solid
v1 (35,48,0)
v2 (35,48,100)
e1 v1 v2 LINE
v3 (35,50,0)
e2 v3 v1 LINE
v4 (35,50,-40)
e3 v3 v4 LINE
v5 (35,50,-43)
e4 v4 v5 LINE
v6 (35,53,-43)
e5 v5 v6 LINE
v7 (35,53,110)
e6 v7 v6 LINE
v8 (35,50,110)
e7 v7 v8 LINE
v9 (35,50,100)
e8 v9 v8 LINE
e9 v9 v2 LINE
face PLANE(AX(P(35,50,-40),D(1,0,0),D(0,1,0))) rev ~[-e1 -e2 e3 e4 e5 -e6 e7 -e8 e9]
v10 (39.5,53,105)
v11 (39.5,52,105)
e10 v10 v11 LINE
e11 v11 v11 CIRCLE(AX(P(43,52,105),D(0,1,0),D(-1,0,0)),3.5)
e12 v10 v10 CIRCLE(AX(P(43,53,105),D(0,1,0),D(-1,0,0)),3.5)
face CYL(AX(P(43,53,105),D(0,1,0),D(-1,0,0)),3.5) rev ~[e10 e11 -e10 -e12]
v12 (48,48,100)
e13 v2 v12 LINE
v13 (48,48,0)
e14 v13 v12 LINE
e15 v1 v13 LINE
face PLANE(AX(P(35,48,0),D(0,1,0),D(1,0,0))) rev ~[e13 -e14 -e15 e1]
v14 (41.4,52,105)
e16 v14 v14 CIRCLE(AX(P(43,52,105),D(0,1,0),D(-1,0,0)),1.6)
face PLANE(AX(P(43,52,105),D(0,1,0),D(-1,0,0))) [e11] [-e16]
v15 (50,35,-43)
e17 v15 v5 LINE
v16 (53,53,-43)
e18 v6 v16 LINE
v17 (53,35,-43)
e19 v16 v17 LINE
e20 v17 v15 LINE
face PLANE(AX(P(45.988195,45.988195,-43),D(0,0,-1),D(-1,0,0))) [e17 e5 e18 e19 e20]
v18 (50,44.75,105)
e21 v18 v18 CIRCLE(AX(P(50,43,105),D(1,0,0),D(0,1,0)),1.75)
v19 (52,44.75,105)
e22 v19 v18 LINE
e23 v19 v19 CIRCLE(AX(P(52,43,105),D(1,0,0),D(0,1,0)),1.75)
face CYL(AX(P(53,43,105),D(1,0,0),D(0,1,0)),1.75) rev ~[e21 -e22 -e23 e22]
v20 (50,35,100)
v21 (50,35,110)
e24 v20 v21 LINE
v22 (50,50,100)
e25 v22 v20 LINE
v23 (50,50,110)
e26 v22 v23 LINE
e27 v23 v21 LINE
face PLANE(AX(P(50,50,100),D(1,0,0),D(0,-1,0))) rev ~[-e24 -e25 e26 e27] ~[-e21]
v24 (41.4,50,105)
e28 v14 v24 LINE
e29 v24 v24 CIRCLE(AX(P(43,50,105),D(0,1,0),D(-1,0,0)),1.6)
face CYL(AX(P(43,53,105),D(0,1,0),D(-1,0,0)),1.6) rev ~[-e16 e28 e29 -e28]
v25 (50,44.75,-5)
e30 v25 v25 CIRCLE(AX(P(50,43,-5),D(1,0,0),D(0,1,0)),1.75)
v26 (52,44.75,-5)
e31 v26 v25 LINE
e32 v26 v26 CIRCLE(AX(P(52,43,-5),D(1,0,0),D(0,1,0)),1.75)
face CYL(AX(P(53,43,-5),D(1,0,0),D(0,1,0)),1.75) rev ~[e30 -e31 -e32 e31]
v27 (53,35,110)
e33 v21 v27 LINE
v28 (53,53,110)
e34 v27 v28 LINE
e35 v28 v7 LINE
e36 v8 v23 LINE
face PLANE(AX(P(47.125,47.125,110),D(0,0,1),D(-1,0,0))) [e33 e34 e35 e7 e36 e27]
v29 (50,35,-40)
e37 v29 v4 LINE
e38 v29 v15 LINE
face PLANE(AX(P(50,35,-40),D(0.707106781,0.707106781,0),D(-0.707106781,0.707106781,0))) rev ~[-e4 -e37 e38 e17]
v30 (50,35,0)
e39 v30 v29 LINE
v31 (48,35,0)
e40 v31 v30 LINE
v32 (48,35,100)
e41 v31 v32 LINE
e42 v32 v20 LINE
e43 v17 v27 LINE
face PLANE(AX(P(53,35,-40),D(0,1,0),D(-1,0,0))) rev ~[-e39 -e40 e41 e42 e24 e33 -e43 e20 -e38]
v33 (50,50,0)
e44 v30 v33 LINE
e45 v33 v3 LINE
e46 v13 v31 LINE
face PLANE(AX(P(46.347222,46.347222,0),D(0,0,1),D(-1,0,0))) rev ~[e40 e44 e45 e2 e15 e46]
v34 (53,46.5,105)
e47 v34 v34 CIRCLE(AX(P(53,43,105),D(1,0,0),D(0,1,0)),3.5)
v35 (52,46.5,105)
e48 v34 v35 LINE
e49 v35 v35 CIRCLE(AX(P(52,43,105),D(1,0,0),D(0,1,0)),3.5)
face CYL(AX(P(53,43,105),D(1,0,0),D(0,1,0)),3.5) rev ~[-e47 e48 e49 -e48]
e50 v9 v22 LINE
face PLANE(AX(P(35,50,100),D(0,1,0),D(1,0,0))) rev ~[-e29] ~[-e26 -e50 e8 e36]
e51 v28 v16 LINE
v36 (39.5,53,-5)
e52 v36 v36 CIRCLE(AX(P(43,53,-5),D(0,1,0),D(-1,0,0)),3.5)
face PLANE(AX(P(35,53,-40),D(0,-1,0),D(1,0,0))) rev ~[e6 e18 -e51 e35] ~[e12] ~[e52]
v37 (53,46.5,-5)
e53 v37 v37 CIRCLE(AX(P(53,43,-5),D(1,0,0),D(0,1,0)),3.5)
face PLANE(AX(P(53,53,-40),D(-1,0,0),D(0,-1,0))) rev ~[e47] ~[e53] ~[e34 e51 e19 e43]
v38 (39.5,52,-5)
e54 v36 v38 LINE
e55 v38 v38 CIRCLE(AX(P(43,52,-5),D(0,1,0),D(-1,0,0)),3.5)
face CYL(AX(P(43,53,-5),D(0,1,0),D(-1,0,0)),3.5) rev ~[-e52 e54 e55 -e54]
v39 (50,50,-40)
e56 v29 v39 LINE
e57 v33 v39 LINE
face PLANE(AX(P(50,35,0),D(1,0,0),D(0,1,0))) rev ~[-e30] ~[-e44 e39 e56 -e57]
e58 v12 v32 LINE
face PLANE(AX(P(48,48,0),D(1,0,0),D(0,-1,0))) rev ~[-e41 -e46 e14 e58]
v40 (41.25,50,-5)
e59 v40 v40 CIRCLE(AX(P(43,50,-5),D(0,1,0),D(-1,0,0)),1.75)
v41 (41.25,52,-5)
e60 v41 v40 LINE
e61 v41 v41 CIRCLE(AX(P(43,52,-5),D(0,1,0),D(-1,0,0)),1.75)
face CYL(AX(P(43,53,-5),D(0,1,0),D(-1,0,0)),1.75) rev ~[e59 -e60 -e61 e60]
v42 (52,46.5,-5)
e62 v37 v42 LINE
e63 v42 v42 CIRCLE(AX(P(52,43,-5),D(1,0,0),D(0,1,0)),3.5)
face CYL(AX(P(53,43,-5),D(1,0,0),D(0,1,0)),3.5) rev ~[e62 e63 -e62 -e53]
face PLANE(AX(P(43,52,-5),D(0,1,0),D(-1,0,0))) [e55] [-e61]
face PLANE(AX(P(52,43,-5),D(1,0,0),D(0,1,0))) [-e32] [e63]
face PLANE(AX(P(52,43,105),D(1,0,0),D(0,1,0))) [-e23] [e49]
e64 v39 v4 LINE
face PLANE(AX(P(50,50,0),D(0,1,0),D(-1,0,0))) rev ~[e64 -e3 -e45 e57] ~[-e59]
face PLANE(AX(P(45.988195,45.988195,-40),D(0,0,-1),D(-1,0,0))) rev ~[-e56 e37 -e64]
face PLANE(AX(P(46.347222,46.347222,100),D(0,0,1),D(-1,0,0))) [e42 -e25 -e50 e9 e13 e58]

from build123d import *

# Parameters (mm, degrees)
PAD016_DEPTH            = 100
PAD019_DEPTH            = 10
SKETCH047_R             = 1.6
POCKET031_DEPTH         = 5
SKETCH048_R             = 3.5
POCKET027_DEPTH         = 1
SKETCH049_R             = 1.75
POCKET028_DEPTH         = 5
SKETCH050_R             = 3.5
POCKET029_DEPTH         = 1
PAD017_DEPTH            = 40
PAD018_DEPTH            = 3
SKETCH043_R             = 1.75
POCKET030_DEPTH         = 5
SKETCH054_R             = 3.5
POCKET034_DEPTH         = 1
SKETCH052_R             = 1.75
POCKET032_DEPTH         = 5
SKETCH053_R             = 3.5
POCKET033_DEPTH         = 1
BODY006_PLACEMENT_ANGLE = 180


with BuildPart() as part:
    # Sketch044 → Pad016 (new body)
    with BuildSketch(Plane.XY):
        Polygon((-53, -35), (-53, -53), (-35, -53), (-35, -48), (-48, -48), (-48, -35), align=None)
    extrude(amount=PAD016_DEPTH)

    # Sketch046 (on Face8 of Pad016) → Pad019 (join)
    with BuildSketch(Plane.XY.offset(100)):
        Polygon((-53, -35), (-53, -53), (-35, -53), (-35, -50), (-50, -50), (-50, -35), align=None)
    extrude(amount=PAD019_DEPTH)

    # Sketch047 (on Face14 of Pad019) → Pocket031 (cut)
    with BuildSketch(Plane.XZ.offset(53)):
        with Locations((-43, 105)):
            Circle(SKETCH047_R)
    extrude(amount=-POCKET031_DEPTH, mode=Mode.SUBTRACT)

    # Sketch048 (on Face14 of Pocket031) → Pocket027 (cut)
    with BuildSketch(Plane.XZ.offset(53)):
        with Locations((-43, 105)):
            Circle(SKETCH048_R)
    extrude(amount=-POCKET027_DEPTH, mode=Mode.SUBTRACT)

    # Sketch049 (on Face9 of Pocket027) → Pocket028 (cut)
    with BuildSketch(Plane(origin=(-53, 0, 0), x_dir=(0, -1, 0), z_dir=(-1, 0, 0))):
        with Locations((43, 105)):
            Circle(SKETCH049_R)
    extrude(amount=-POCKET028_DEPTH, mode=Mode.SUBTRACT)

    # Sketch050 (on Face9 of Pocket028) → Pocket029 (cut)
    with BuildSketch(Plane(origin=(-53, 0, 0), x_dir=(0, -1, 0), z_dir=(-1, 0, 0))):
        with Locations((43, 105)):
            Circle(SKETCH050_R)
    extrude(amount=-POCKET029_DEPTH, mode=Mode.SUBTRACT)

    # Sketch045 (on Face4 of Pocket029) → Pad017 (join)
    with BuildSketch(Plane(origin=(0, 0, 0), x_dir=(1, 0, 0), z_dir=(0, 0, -1))):
        Polygon((-35, 53), (-53, 53), (-53, 35), (-50, 35), (-50, 50), (-35, 50), align=None)
    extrude(amount=PAD017_DEPTH)

    # Sketch051 (on Face15 of Pad017) → Pad018 (join)
    with BuildSketch(Plane(origin=(0, 0, -40), x_dir=(1, 0, 0), z_dir=(0, 0, -1))):
        Polygon((-35, 50), (-35, 53), (-53, 53), (-53, 35), (-50, 35), align=None)
    extrude(amount=PAD018_DEPTH)

    # Sketch043 (on Face10 of Pad018) → Pocket030 (cut)
    with BuildSketch(Plane(origin=(-53, 0, 0), x_dir=(0, -1, 0), z_dir=(-1, 0, 0))):
        with Locations((43, -5)):
            Circle(SKETCH043_R)
    extrude(amount=-POCKET030_DEPTH, mode=Mode.SUBTRACT)

    # Sketch054 (on Face10 of Pocket030) → Pocket034 (cut)
    with BuildSketch(Plane(origin=(-53, 0, 0), x_dir=(0, -1, 0), z_dir=(-1, 0, 0))):
        with Locations((43, -5)):
            Circle(SKETCH054_R)
    extrude(amount=-POCKET034_DEPTH, mode=Mode.SUBTRACT)

    # Sketch052 (on Face19 of Pocket034) → Pocket032 (cut)
    with BuildSketch(Plane.XZ.offset(53)):
        with Locations((-43, -5)):
            Circle(SKETCH052_R)
    extrude(amount=-POCKET032_DEPTH, mode=Mode.SUBTRACT)

    # Sketch053 (on Face19 of Pocket032) → Pocket033 (cut)
    with BuildSketch(Plane.XZ.offset(53)):
        with Locations((-43, -5)):
            Circle(SKETCH053_R)
    extrude(amount=-POCKET033_DEPTH, mode=Mode.SUBTRACT)


with BuildPart() as part_1:
    # Body006 placement: moved
    add(part.part.rotate(Axis((0, 0, 0), (0, 0, 1)), BODY006_PLACEMENT_ANGLE))


solid = part_1.part
